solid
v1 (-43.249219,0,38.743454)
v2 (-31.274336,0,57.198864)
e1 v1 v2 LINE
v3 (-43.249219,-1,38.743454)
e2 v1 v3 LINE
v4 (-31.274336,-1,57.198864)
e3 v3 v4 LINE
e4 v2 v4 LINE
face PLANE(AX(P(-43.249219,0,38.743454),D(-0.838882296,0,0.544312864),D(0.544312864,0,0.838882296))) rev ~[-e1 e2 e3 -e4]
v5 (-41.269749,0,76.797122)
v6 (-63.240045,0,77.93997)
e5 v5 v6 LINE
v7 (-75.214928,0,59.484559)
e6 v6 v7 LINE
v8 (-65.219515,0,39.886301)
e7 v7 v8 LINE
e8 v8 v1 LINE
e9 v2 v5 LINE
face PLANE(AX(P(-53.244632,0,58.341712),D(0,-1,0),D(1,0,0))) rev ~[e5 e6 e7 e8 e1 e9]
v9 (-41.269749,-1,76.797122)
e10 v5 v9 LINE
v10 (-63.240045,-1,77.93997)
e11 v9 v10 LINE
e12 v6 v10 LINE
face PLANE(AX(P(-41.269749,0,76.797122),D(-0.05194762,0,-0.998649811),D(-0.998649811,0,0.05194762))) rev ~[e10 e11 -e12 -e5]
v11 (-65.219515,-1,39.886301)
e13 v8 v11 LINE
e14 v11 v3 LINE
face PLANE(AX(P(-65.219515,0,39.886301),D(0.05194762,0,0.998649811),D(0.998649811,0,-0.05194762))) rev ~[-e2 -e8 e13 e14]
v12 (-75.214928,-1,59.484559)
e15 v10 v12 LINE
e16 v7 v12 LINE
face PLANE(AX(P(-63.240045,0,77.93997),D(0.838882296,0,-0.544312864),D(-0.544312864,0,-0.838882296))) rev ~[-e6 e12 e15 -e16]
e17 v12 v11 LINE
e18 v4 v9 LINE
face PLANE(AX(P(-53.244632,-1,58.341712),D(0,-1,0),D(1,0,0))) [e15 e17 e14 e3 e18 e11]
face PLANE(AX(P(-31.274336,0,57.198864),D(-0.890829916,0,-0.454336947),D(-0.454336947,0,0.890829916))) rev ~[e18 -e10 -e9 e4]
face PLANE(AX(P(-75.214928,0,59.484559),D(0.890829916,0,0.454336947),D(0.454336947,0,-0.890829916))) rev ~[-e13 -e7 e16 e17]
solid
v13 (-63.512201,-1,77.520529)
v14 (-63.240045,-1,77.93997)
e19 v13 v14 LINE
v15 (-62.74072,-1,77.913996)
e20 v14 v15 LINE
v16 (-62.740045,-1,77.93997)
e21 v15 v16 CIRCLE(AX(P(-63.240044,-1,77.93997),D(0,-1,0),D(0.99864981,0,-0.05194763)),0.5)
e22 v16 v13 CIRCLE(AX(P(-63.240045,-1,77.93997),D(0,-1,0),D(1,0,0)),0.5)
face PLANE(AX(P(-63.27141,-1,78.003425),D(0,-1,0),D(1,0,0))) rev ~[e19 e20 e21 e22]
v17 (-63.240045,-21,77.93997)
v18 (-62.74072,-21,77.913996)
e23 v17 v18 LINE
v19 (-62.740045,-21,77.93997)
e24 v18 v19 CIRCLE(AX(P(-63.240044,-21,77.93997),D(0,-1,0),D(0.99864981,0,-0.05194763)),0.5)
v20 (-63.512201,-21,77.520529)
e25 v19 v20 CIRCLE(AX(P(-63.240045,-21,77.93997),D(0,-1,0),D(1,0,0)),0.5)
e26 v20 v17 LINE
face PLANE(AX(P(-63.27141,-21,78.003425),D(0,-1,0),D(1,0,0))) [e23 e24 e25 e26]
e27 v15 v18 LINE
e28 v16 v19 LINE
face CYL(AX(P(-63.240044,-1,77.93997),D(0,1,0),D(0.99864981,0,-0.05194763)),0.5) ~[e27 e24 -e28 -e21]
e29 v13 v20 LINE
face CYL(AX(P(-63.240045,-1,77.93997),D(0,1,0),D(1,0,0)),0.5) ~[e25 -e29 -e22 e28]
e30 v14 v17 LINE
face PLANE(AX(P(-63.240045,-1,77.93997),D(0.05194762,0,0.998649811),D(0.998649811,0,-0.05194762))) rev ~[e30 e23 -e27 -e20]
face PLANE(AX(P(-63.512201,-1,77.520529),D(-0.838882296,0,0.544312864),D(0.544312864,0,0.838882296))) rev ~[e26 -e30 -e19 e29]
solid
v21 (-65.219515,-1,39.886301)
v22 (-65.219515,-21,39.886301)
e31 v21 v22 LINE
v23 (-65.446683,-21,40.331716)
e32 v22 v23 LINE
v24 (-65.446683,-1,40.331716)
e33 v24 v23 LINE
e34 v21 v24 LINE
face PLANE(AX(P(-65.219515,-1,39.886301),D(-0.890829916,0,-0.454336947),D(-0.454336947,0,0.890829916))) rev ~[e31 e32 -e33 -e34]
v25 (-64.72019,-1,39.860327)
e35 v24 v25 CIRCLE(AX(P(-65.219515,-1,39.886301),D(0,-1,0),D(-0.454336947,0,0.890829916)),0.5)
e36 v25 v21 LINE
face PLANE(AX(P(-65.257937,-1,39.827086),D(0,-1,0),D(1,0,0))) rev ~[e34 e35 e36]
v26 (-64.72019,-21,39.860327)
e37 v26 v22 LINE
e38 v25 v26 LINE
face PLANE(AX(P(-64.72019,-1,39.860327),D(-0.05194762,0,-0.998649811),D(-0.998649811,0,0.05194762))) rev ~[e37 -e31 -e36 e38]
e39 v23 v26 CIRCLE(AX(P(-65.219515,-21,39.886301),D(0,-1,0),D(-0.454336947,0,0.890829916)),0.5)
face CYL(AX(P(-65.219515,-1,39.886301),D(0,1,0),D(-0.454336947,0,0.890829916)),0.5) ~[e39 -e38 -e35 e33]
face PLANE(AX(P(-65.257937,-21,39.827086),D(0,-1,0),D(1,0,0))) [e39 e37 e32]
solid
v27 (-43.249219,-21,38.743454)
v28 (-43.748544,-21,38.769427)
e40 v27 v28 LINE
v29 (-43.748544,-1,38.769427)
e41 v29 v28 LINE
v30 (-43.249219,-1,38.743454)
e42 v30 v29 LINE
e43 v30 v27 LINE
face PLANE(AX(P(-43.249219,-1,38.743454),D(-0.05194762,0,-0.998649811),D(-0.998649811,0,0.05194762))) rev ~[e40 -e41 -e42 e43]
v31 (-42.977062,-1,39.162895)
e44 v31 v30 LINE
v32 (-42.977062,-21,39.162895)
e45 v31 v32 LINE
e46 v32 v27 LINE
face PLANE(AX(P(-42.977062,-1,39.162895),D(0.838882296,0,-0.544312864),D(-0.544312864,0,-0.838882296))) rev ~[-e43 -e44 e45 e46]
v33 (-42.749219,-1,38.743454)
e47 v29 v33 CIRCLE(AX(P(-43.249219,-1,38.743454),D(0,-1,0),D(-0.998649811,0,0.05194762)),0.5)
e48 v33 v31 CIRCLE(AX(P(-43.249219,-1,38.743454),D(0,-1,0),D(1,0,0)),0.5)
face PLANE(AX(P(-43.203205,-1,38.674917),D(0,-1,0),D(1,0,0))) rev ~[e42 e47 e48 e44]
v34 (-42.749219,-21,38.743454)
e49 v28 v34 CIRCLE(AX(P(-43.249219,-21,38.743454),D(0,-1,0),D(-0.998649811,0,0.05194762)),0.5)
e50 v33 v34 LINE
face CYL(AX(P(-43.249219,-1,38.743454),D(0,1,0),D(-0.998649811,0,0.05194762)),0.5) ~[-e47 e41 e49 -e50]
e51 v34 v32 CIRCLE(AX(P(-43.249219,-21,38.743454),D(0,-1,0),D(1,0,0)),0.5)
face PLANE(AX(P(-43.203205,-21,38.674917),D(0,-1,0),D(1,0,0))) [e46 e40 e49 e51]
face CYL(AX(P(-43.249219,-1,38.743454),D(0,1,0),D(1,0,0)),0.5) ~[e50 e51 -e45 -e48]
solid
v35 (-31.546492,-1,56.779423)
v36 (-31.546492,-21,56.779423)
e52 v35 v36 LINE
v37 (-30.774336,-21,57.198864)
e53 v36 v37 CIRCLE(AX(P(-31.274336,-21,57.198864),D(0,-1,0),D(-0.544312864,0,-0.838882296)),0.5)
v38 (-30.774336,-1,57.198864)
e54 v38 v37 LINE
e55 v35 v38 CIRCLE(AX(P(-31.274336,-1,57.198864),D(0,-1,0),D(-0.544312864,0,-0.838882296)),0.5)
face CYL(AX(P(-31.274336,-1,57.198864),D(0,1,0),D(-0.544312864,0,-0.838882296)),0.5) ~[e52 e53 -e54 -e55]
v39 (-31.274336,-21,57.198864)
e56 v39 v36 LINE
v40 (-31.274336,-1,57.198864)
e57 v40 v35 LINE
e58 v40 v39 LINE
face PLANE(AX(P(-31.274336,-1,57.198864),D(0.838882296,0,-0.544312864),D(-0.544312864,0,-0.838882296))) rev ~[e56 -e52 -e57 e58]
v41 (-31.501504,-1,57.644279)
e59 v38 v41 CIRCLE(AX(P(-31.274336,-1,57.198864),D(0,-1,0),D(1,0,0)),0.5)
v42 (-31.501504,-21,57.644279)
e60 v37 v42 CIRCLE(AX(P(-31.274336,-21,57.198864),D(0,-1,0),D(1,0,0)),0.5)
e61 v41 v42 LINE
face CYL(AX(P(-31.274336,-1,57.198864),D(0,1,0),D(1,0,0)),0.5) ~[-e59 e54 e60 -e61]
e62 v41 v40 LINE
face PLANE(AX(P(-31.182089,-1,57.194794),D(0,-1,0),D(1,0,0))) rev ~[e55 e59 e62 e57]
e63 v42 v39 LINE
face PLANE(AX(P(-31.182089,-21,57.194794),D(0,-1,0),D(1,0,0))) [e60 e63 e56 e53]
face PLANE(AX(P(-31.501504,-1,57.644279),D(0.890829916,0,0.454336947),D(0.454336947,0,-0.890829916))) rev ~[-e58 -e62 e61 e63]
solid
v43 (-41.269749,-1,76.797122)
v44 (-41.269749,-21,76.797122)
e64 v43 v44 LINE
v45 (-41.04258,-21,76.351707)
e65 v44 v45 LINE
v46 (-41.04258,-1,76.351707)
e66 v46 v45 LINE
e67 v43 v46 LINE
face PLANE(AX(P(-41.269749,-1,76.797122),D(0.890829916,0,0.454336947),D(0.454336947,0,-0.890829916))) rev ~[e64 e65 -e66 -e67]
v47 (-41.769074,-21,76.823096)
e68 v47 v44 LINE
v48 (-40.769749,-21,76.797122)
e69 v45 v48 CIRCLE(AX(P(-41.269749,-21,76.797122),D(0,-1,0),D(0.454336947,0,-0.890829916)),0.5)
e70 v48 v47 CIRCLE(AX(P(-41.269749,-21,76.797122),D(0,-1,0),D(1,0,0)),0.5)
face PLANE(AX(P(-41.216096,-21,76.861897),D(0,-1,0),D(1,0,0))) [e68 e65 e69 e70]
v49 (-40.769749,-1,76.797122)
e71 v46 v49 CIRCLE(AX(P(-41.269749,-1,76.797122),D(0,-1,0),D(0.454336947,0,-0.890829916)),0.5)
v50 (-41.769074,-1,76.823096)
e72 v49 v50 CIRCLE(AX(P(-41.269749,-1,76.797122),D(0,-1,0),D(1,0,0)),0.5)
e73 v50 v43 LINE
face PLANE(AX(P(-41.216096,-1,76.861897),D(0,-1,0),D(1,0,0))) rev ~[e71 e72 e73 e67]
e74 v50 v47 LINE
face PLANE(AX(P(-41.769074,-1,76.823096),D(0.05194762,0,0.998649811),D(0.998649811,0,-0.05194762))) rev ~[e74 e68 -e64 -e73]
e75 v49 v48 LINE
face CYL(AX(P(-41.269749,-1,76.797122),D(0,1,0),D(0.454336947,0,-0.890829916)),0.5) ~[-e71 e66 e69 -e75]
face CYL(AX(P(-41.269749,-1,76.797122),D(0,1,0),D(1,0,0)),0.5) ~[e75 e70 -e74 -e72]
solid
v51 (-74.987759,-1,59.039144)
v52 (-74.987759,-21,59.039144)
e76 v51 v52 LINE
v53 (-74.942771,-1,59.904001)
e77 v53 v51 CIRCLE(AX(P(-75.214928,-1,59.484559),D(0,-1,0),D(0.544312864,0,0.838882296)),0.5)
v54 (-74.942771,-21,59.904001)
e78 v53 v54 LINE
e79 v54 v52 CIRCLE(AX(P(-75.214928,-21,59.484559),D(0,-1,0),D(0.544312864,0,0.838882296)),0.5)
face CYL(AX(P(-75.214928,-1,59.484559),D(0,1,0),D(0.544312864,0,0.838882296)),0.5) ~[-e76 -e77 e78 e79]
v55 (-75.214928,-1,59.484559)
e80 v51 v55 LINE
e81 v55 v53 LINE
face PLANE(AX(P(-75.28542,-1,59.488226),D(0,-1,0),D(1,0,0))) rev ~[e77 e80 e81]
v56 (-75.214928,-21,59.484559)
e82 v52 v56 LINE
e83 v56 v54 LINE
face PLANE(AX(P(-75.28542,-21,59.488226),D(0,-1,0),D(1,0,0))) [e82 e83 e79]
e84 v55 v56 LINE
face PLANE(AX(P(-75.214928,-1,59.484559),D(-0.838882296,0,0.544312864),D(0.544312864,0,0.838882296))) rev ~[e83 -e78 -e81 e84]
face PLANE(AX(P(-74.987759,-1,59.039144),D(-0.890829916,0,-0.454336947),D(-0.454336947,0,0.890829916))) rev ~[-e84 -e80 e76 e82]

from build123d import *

# Parameters (mm, degrees)
F1_DEPTH = 1
F3_DEPTH = 20


with BuildPart() as f1:
    # F0 (on Front) → F1 (new body)
    with BuildSketch(Plane.XZ):
        Polygon((-43.2492189092, 38.7434536126), (-31.2743358982, 57.1988641167), (-41.2697487264, 76.7971222636), (-63.2400445657, 77.9399699065), (-75.2149275767, 59.4845594025), (-65.2195147485, 39.8863012555), align=None)
    extrude(amount=F1_DEPTH)


with BuildPart() as f3:
    # F2 (on face) → F3 (new body)
    with BuildSketch(Plane.XZ.offset(1)):
        with BuildLine():
            ThreePointArc((-62.7407196603, 77.9139960964), (-62.7402133678, 77.9269786155), (-62.7400445657, 77.9399699065))
            ThreePointArc((-62.7400445657, 77.9399699065), (-63.4787093766, 78.3793320669), (-63.5122009978, 77.5205287587))
            Line((-63.5122009978, 77.5205287587), (-63.2400445657, 77.9399699065))
            Line((-63.2400445657, 77.9399699065), (-62.7407196603, 77.9139960964))
        make_face()
    extrude(amount=F3_DEPTH)


with BuildPart() as f3b:
    # F2 (on face) → F3, piece 2 (new body)
    with BuildSketch(Plane.XZ.offset(1)):
        with BuildLine():
            ThreePointArc((-40.7697487264, 76.7971222636), (-41.2567574355, 77.2969534615), (-41.7690736319, 76.8230960737))
            Line((-41.7690736319, 76.8230960737), (-41.2697487264, 76.7971222636))
            Line((-41.2697487264, 76.7971222636), (-41.0425802531, 76.3517073057))
            ThreePointArc((-41.0425802531, 76.3517073057), (-40.8433778569, 76.5359558767), (-40.7697487264, 76.7971222636))
        make_face()
    extrude(amount=F3_DEPTH)


with BuildPart() as f3c:
    # F2 (on face) → F3, piece 3 (new body)
    with BuildSketch(Plane.XZ.offset(1)):
        with BuildLine():
            ThreePointArc((-30.7743358982, 57.1988641167), (-31.0131695113, 57.6252349861), (-31.5015043716, 57.6442790746))
            Line((-31.5015043716, 57.6442790746), (-31.2743358982, 57.1988641167))
            Line((-31.2743358982, 57.1988641167), (-31.5464923303, 56.7794229688))
            ThreePointArc((-31.5464923303, 56.7794229688), (-31.0356710873, 56.7595019562), (-30.7743358982, 57.1988641167))
        make_face()
    extrude(amount=F3_DEPTH)


with BuildPart() as f3d:
    # F2 (on face) → F3, piece 4 (new body)
    with BuildSketch(Plane.XZ.offset(1)):
        with BuildLine():
            Line((-43.2492189092, 38.7434536126), (-43.7485438147, 38.7694274227))
            ThreePointArc((-43.7485438147, 38.7694274227), (-43.2622102002, 38.2436224148), (-42.7492189092, 38.7434536126))
            ThreePointArc((-42.7492189092, 38.7434536126), (-42.8098567488, 38.9821184236), (-42.9770624772, 39.1628947605))
            Line((-42.9770624772, 39.1628947605), (-43.2492189092, 38.7434536126))
        make_face()
    extrude(amount=F3_DEPTH)


with BuildPart() as f3e:
    # F2 (on face) → F3, piece 5 (new body)
    with BuildSketch(Plane.XZ.offset(1)):
        with BuildLine():
            Line((-65.2195147485, 39.8863012555), (-65.4466832219, 40.3317162134))
            ThreePointArc((-65.4466832219, 40.3317162134), (-65.4916711806, 39.4668601077), (-64.7201898431, 39.8603274455))
            Line((-64.7201898431, 39.8603274455), (-65.2195147485, 39.8863012555))
        make_face()
    extrude(amount=F3_DEPTH)


with BuildPart() as f3f:
    # F2 (on face) → F3, piece 6 (new body)
    with BuildSketch(Plane.XZ.offset(1)):
        with BuildLine():
            Line((-75.2149275767, 59.4845594025), (-74.9427711447, 59.9040005503))
            ThreePointArc((-74.9427711447, 59.9040005503), (-75.7142524822, 59.5105332125), (-74.9877591034, 59.0391444446))
            Line((-74.9877591034, 59.0391444446), (-75.2149275767, 59.4845594025))
        make_face()
    extrude(amount=F3_DEPTH)


solid = Compound([f1.part, f3.part, f3b.part, f3c.part, f3d.part, f3e.part, f3f.part])
